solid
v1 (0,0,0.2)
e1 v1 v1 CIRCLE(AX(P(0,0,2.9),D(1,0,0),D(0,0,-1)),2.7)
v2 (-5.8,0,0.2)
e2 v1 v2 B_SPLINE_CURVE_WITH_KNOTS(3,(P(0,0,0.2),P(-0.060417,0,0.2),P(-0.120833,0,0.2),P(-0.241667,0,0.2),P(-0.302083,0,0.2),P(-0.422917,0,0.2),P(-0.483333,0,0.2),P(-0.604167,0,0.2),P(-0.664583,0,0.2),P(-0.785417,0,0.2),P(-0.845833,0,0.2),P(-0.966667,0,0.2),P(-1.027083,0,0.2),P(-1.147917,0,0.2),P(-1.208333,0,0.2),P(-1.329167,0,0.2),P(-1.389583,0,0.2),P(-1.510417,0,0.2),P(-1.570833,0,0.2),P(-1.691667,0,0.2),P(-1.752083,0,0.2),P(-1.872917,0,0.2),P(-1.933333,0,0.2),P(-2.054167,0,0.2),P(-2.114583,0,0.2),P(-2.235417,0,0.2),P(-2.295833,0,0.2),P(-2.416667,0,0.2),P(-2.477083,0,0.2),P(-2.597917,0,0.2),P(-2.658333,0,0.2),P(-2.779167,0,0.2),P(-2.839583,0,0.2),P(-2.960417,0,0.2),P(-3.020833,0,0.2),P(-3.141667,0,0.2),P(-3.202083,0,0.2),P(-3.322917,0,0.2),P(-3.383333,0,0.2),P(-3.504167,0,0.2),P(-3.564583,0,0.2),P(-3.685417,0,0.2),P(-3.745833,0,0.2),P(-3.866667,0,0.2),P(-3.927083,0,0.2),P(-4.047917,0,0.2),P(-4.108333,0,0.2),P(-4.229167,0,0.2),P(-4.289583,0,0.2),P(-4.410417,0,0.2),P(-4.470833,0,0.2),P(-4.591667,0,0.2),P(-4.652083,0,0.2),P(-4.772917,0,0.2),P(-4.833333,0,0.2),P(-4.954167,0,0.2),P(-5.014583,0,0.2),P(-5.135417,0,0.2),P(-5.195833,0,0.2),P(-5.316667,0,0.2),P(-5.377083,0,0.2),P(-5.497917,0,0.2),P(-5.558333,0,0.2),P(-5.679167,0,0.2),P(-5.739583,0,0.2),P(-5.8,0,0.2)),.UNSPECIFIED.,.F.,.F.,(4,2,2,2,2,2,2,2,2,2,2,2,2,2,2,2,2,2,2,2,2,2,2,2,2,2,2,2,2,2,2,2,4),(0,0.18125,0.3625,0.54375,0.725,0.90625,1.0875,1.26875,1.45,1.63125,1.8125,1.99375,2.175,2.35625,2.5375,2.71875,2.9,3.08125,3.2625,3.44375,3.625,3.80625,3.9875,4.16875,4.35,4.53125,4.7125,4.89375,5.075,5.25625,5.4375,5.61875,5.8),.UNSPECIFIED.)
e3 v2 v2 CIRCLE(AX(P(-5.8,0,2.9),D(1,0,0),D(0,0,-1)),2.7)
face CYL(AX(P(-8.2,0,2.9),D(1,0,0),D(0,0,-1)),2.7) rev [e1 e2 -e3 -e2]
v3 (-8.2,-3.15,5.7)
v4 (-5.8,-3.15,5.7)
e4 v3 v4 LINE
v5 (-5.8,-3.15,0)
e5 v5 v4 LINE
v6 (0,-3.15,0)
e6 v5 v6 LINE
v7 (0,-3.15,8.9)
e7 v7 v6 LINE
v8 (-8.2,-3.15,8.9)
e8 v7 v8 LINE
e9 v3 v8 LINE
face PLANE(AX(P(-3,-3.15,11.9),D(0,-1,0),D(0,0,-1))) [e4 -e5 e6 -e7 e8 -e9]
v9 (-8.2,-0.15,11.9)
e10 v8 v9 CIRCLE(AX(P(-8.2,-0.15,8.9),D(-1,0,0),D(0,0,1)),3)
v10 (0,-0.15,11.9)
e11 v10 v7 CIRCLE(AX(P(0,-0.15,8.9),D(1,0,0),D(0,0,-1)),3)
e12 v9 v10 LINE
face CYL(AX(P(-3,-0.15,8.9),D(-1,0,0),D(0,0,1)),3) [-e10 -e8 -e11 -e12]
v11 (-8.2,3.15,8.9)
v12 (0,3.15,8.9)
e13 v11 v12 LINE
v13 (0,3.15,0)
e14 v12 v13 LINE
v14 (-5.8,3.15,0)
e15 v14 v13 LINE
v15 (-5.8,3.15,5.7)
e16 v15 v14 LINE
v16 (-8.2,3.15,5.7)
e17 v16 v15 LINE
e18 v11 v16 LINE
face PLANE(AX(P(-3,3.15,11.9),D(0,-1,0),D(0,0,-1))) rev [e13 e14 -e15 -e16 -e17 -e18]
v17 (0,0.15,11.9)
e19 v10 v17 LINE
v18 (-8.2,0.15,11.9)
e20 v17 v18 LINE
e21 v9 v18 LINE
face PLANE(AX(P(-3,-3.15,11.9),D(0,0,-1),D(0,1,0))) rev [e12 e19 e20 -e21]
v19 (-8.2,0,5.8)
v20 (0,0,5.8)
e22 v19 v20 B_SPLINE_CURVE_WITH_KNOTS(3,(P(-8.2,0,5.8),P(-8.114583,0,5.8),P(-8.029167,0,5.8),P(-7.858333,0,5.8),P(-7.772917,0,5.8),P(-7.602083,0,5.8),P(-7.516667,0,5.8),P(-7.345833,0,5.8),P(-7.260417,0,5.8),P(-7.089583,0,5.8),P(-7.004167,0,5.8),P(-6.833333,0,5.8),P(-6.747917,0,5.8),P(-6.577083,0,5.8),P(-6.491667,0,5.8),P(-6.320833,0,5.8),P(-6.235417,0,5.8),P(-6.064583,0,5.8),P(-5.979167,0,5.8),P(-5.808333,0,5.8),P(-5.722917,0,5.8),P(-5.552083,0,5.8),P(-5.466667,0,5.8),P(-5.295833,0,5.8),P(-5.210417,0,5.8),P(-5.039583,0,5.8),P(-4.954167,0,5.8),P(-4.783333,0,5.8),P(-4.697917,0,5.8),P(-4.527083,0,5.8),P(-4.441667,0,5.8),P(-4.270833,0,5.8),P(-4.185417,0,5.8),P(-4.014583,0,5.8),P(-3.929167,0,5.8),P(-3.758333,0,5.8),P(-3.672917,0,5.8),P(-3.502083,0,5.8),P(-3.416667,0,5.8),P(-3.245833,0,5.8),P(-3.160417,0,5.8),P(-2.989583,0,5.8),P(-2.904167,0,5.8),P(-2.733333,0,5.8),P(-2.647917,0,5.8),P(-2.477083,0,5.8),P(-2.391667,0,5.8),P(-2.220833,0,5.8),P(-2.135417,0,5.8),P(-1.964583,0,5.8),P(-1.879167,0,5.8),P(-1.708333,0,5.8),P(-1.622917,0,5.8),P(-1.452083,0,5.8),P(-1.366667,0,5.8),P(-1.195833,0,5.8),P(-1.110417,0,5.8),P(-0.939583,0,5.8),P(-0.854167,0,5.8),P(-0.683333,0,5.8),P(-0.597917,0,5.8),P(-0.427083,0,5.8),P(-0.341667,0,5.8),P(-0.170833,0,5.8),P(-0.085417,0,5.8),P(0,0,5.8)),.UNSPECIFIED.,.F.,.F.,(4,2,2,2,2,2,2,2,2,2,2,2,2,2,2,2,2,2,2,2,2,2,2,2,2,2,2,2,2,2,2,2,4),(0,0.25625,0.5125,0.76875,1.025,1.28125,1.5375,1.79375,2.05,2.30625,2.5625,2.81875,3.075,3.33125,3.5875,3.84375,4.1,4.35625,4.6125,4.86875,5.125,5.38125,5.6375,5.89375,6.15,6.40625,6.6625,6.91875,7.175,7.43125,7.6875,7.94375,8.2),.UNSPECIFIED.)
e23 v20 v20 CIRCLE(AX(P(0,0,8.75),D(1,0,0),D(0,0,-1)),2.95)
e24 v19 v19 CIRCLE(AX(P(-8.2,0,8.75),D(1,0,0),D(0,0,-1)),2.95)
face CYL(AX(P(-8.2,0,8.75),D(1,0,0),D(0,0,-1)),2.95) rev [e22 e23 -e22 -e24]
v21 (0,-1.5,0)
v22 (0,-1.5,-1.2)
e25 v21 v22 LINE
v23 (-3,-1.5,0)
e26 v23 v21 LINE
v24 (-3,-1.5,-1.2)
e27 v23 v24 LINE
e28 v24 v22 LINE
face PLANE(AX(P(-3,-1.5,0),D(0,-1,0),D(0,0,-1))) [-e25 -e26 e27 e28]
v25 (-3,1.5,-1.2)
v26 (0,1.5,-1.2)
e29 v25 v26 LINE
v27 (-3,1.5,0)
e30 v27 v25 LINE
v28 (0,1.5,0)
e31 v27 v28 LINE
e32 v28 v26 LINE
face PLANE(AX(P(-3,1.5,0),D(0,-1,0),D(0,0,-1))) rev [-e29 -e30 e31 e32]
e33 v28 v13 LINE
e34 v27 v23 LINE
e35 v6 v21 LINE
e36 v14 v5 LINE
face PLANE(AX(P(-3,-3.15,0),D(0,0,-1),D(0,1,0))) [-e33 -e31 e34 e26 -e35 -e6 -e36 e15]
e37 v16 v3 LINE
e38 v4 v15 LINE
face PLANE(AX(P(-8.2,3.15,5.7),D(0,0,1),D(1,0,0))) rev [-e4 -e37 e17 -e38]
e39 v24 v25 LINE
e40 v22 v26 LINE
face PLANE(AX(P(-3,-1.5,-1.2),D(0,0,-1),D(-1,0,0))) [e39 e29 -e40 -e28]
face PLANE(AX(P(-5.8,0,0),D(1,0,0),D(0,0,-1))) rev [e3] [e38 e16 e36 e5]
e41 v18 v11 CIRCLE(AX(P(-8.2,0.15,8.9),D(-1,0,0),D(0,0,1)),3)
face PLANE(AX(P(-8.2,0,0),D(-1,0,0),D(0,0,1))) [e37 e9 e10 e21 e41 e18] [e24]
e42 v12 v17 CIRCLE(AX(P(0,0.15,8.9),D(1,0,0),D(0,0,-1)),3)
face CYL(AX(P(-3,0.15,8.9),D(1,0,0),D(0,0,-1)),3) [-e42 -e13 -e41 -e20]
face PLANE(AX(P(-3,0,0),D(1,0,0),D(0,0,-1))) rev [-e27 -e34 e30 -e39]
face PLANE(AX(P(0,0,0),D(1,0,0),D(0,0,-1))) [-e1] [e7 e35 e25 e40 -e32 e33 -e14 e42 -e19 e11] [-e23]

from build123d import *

# Parameters (mm, degrees)
SKETCH_1_W          = 6.3
SKETCH_1_H          = 11.9
SKETCH_1_W_2        = 3
SKETCH_1_H_2        = 1.2
EXTRUDE_2_DEPTH     = 3
SKETCH_7_W          = 6.3
SKETCH_7_H          = 5.7
EXTRUDE_4_DEPTH     = 2.8
SKETCH_8_W          = 6.3
SKETCH_8_H          = 6.2
EXTRUDE_5_DEPTH     = 5.2
SKETCH_5_R          = 2.7
SKETCH_5_R_2        = 2.95
CUT_EXTRUDE_3_DEPTH = 15.790960077
FILLET_1_R          = 3


with BuildPart() as part:
    # ｽｹｯﾁ1 → ﾎﾞｽ - 押し出し2 (new body)
    with BuildSketch(Plane.YZ):
        with Locations((0, 5.95)):
            Rectangle(SKETCH_1_W, SKETCH_1_H)
        with Locations((0, -0.6)):
            Rectangle(SKETCH_1_W_2, SKETCH_1_H_2)
    extrude(amount=-EXTRUDE_2_DEPTH)

    # ｽｹｯﾁ7 → ﾎﾞｽ - 押し出し4 (add)
    with BuildSketch(Plane(origin=(-3, 0, 0), x_dir=(0, -1, 0), z_dir=(-1, 0, 0))):
        with Locations((0, 2.85)):
            Rectangle(SKETCH_7_W, SKETCH_7_H)
    extrude(amount=EXTRUDE_4_DEPTH)

    # ｽｹｯﾁ8 → ﾎﾞｽ - 押し出し5 (add)
    with BuildSketch(Plane(origin=(-3, 0, 0), x_dir=(0, -1, 0), z_dir=(-1, 0, 0))):
        with Locations((0, 8.8)):
            Rectangle(SKETCH_8_W, SKETCH_8_H)
    extrude(amount=EXTRUDE_5_DEPTH)

    # ｽｹｯﾁ5 → ｶｯﾄ - 押し出し3 (cut, through all)
    with BuildSketch(Plane.YZ):
        with Locations(Location((0, 2.9, 0), (0, 0, 270))):
            Circle(SKETCH_5_R)
        with Locations(Location((0, 8.75, 0), (0, 0, 270))):
            Circle(SKETCH_5_R_2)
    extrude(amount=-CUT_EXTRUDE_3_DEPTH, mode=Mode.SUBTRACT)

    # ﾌｨﾚｯﾄ1
    fillet_1_edges = [part.edges().sort_by_distance(p)[0] for p in [
        (-4.1, -3.15, 11.9),
        (-4.1, 3.15, 11.9),
    ]]
    fillet(fillet_1_edges, radius=FILLET_1_R)


solid = part.part
